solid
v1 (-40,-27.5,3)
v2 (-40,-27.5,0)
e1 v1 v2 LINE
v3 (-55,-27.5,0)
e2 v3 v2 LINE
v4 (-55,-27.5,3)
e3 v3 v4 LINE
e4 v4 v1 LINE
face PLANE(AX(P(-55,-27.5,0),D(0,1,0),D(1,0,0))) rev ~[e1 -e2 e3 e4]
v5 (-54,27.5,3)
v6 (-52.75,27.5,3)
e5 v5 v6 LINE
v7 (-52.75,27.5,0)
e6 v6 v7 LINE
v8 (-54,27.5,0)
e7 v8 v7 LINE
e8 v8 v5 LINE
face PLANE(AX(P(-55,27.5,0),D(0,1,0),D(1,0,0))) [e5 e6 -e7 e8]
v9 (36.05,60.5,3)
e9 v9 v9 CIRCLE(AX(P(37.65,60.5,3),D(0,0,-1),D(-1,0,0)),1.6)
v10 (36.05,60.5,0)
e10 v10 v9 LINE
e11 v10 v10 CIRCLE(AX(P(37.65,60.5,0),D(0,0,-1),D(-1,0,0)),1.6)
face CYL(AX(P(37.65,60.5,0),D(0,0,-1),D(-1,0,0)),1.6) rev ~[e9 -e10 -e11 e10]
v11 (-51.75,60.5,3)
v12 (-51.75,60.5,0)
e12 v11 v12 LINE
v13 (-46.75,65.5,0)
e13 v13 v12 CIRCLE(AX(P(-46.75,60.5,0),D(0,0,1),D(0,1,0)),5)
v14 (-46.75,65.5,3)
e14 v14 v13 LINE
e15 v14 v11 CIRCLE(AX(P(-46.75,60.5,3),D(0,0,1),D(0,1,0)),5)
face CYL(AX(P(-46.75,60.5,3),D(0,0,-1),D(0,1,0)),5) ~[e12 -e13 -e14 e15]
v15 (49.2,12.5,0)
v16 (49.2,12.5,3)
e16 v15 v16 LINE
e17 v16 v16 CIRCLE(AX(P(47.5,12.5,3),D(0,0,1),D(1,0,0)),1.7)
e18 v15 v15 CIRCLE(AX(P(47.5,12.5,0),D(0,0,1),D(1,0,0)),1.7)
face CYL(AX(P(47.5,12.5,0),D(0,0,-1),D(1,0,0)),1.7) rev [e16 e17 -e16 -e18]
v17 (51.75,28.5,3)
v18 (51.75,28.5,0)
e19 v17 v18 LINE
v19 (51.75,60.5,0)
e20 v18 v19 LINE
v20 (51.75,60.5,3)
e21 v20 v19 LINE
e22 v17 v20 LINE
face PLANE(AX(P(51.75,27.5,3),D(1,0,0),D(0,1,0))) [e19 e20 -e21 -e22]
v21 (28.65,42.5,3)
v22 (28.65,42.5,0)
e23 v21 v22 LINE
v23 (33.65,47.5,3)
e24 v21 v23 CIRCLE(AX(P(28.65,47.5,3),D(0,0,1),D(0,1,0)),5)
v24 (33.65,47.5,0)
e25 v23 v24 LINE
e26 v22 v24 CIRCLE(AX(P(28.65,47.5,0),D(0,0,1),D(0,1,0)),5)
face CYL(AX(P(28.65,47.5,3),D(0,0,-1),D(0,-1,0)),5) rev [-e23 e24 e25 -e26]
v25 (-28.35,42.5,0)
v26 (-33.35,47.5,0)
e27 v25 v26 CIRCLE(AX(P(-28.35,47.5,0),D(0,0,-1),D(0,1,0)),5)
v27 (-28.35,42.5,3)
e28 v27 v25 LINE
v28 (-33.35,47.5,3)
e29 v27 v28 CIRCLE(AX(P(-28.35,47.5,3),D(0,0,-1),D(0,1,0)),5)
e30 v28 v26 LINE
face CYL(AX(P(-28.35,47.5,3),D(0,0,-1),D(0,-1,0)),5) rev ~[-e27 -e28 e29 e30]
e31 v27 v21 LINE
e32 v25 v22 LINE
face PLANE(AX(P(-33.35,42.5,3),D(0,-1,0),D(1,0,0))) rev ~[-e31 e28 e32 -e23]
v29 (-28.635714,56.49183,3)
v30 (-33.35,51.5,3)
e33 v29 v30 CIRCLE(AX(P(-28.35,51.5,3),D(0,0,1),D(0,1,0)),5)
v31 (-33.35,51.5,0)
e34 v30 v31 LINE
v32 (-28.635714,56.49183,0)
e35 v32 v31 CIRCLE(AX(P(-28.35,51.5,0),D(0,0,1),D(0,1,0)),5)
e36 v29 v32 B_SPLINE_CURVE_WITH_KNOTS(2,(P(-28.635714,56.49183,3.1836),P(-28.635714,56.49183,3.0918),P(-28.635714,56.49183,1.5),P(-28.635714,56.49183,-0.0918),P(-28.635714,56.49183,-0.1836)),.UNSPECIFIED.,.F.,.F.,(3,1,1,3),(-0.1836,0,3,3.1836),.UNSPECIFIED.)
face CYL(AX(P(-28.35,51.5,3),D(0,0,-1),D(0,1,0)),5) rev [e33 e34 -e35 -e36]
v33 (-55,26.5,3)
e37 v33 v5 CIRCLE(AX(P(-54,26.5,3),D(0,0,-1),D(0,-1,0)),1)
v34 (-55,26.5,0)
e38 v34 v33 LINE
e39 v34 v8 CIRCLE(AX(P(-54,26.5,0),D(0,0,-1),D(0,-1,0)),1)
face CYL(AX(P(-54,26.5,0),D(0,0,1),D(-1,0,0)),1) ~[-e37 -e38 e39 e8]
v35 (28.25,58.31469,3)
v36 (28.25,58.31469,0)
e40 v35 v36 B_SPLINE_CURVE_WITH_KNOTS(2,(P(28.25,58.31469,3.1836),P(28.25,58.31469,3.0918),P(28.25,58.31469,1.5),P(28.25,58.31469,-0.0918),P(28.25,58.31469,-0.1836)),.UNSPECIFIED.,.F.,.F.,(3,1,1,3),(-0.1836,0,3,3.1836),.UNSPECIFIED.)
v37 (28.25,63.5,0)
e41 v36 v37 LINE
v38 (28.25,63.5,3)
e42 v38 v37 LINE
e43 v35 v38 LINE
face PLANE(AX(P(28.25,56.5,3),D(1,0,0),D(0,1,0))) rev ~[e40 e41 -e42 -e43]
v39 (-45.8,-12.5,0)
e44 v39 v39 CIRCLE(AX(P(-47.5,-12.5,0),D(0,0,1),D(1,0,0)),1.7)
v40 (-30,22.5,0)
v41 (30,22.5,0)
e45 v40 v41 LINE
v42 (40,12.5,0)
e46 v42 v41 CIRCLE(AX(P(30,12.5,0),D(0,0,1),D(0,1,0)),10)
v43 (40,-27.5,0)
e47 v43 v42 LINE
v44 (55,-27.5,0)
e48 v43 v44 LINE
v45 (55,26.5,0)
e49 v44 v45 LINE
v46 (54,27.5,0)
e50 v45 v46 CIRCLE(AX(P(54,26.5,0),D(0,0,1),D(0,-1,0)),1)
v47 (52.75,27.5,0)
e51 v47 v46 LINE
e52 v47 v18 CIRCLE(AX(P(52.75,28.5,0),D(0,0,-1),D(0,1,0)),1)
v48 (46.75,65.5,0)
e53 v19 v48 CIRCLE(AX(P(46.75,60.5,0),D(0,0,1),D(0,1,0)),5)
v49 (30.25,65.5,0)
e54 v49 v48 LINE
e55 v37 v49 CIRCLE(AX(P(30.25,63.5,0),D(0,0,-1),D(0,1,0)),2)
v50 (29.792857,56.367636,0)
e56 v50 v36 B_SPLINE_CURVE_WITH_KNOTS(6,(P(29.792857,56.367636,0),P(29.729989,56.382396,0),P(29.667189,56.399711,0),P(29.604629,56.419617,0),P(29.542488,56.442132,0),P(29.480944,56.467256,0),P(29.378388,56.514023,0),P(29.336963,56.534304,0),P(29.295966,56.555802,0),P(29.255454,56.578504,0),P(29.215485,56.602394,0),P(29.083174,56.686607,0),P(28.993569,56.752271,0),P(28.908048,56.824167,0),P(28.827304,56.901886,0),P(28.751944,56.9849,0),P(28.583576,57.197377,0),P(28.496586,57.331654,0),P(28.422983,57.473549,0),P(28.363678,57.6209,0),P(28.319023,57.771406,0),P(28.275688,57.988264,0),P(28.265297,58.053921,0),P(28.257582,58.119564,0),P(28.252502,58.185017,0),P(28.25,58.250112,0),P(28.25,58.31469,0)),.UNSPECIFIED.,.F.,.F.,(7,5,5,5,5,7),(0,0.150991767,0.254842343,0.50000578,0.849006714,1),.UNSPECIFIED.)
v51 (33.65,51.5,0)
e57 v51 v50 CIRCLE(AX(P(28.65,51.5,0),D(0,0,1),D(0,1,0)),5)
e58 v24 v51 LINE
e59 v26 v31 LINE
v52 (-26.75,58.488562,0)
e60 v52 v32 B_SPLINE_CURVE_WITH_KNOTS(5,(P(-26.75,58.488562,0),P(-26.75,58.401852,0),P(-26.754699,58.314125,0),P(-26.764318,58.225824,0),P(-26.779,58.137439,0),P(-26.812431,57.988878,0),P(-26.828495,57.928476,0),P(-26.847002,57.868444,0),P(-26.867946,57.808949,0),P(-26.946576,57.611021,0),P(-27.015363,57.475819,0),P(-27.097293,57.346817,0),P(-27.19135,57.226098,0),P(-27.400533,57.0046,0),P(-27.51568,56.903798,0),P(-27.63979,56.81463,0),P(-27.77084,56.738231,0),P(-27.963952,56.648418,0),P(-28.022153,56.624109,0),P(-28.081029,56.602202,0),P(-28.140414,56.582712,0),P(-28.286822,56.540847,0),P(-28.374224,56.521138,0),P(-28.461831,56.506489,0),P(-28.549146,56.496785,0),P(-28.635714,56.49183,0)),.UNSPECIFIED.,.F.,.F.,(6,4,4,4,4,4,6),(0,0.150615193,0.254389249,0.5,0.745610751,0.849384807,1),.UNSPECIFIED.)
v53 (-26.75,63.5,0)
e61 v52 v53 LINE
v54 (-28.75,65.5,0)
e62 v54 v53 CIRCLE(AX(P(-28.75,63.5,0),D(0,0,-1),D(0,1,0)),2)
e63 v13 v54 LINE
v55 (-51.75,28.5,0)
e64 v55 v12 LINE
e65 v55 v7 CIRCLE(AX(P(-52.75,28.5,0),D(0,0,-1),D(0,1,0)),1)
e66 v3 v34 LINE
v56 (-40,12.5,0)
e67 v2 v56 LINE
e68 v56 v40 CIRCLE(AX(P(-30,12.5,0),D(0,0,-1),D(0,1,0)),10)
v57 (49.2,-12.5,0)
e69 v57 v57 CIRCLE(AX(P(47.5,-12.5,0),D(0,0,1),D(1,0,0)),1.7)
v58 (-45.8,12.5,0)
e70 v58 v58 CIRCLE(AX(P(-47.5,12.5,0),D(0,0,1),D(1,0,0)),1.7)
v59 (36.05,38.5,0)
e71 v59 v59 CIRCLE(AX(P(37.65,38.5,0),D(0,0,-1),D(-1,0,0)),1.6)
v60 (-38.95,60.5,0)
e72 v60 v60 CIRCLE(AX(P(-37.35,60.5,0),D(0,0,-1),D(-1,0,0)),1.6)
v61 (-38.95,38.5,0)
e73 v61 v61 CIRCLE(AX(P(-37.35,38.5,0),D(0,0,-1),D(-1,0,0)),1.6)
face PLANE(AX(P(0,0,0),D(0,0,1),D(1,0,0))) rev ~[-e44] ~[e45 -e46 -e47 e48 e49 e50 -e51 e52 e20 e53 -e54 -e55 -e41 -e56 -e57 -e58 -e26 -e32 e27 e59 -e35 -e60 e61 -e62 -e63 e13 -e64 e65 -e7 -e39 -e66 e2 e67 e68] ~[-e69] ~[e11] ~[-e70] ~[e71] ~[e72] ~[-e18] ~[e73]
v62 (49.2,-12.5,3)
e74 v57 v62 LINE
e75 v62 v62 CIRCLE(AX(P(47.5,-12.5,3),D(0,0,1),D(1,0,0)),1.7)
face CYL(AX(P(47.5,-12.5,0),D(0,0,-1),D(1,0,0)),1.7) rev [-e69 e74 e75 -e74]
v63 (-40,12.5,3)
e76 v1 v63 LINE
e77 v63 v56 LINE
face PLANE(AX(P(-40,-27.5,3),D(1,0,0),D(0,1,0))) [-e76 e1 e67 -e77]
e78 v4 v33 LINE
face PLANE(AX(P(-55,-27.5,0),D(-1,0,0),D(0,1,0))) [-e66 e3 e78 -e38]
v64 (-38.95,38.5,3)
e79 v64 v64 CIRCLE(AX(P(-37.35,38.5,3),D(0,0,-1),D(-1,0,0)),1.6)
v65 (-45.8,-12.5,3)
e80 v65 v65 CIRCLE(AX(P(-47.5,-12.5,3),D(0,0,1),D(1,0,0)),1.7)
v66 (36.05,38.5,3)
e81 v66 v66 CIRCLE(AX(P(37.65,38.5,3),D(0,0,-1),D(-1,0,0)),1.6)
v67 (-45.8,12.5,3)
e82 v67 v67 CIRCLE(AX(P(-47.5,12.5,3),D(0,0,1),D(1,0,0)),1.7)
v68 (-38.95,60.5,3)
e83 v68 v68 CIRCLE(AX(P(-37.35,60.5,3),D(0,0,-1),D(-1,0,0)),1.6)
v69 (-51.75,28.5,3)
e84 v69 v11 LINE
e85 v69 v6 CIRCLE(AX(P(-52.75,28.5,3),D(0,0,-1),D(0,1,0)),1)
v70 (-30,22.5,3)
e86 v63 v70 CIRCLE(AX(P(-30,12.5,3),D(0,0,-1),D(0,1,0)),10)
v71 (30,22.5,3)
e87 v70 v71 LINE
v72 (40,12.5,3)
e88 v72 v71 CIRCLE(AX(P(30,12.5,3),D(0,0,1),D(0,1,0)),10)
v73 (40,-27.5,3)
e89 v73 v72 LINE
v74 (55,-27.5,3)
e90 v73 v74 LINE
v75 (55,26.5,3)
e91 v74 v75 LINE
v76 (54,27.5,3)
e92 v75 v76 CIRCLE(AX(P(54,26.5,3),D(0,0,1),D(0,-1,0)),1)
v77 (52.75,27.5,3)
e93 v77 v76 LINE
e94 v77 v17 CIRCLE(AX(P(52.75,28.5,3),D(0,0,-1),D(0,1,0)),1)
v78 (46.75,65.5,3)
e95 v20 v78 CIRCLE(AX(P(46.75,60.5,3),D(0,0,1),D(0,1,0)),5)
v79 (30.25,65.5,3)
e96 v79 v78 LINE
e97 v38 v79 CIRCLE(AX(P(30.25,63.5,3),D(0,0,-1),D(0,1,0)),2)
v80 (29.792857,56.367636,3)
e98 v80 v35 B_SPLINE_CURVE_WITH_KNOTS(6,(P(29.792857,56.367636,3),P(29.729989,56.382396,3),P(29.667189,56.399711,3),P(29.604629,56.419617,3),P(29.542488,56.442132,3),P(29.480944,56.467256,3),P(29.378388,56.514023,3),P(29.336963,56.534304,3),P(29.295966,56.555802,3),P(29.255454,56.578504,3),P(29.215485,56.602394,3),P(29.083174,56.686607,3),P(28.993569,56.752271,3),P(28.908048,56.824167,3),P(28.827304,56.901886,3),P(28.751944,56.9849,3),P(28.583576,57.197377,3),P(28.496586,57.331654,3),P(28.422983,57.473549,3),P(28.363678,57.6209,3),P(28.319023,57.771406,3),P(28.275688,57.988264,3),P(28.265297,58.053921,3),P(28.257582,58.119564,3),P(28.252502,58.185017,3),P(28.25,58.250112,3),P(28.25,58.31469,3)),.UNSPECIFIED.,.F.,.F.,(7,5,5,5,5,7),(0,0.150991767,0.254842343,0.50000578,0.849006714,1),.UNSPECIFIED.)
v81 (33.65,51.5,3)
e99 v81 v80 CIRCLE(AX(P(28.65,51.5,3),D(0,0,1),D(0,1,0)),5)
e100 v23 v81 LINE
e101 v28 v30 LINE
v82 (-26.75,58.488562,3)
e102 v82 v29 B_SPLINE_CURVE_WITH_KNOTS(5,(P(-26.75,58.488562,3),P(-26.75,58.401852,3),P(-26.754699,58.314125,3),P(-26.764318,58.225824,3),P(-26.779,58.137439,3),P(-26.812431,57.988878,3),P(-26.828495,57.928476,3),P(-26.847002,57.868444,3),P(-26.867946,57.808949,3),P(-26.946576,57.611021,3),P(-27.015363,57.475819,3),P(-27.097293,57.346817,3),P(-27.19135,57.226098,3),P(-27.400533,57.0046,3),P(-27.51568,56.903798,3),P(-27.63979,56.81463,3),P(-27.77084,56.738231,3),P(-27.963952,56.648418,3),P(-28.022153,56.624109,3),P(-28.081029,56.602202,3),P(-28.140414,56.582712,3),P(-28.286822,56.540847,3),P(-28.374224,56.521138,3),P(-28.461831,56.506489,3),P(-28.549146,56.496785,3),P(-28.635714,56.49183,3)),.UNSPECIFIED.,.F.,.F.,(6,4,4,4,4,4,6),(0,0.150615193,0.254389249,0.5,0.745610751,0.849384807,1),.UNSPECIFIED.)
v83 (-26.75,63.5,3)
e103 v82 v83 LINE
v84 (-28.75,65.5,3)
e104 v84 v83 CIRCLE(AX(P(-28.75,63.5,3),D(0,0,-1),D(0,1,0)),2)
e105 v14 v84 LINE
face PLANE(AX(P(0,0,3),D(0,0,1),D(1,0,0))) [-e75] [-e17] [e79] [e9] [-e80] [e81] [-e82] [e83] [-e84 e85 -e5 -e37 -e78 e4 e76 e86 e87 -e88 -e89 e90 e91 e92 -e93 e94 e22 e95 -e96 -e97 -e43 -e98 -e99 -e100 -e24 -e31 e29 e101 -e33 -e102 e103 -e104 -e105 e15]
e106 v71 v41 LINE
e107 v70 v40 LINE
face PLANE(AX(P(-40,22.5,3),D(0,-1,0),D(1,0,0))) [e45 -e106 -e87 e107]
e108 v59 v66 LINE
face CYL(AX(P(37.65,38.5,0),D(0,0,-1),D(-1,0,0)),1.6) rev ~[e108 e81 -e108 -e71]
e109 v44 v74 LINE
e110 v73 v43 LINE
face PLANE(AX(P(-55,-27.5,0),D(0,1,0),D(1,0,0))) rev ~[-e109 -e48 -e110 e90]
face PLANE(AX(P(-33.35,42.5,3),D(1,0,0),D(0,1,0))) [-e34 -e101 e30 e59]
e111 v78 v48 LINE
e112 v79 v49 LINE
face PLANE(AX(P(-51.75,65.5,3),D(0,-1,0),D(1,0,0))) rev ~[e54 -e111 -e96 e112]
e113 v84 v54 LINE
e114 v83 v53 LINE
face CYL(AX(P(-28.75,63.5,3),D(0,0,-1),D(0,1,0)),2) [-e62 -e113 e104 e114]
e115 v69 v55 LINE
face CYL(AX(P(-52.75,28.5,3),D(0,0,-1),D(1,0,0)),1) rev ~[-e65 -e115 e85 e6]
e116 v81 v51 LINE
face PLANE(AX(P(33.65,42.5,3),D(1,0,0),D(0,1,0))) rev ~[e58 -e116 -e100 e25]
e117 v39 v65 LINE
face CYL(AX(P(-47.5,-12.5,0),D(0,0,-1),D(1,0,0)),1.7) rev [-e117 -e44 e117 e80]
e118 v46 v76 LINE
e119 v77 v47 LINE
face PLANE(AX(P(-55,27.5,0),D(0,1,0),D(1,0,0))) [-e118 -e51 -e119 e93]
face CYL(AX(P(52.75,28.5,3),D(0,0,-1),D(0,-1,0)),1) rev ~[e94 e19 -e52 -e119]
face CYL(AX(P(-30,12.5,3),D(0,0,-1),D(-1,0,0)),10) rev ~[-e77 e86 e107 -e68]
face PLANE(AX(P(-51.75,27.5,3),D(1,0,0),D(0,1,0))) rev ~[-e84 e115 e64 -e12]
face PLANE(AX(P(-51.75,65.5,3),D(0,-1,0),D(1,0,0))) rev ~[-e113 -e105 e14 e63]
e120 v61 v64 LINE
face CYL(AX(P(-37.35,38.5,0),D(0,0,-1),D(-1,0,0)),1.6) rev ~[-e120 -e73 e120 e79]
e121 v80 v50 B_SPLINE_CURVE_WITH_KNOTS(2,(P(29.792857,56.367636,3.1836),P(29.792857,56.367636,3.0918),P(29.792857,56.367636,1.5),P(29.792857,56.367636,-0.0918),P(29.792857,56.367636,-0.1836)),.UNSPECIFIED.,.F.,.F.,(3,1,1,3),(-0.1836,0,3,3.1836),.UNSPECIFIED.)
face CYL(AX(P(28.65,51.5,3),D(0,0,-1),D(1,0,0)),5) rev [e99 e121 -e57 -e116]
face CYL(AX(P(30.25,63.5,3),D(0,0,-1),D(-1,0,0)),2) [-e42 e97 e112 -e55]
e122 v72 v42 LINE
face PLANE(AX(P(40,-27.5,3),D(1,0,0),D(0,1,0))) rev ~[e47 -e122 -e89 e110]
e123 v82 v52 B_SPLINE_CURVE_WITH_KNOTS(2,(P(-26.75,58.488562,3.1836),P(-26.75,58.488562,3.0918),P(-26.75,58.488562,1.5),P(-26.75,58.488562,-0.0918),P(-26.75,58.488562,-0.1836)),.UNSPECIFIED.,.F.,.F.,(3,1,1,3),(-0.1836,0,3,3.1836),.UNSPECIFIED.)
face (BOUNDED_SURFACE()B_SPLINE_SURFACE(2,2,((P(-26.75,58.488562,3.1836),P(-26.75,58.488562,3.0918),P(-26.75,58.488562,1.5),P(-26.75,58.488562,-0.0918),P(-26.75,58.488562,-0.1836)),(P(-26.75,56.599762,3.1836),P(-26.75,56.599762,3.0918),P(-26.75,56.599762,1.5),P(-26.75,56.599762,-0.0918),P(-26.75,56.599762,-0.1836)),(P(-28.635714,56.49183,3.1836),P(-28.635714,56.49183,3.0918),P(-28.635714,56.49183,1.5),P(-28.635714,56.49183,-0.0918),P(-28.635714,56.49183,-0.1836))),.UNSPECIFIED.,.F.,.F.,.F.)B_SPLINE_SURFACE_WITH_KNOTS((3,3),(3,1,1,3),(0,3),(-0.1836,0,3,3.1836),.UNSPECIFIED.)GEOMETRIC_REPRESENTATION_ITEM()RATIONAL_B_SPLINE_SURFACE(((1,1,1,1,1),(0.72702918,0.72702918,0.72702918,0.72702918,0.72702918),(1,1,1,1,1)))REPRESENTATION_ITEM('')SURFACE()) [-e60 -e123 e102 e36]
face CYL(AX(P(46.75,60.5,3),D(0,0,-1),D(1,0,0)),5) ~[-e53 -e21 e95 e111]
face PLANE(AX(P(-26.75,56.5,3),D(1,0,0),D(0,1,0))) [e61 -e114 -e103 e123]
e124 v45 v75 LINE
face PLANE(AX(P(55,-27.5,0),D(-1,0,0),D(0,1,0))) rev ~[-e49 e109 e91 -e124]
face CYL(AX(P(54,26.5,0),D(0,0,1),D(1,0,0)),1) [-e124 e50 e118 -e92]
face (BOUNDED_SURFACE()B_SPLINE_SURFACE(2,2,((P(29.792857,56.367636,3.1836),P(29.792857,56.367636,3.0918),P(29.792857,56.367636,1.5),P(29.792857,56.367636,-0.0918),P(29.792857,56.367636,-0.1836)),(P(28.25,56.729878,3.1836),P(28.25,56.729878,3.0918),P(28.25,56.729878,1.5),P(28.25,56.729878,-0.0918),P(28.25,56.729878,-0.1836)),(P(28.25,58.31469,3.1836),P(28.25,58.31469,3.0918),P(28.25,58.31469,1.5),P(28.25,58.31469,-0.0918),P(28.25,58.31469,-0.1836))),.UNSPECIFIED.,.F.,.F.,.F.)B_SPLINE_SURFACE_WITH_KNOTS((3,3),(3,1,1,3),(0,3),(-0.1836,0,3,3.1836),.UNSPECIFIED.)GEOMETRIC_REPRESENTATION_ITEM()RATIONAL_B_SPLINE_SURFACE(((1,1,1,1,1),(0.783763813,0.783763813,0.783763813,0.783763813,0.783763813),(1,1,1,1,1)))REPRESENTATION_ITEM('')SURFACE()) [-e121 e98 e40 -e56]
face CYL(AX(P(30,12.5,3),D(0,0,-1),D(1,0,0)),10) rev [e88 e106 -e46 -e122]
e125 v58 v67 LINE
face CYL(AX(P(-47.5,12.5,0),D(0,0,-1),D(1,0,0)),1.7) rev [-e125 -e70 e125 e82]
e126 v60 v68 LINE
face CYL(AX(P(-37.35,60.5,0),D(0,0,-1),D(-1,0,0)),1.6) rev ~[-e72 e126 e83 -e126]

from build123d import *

# Parameters (mm, degrees)
SKETCH_1_W          = 110
SKETCH_1_H          = 55
SKETCH_1_R          = 1.7
EXTRUDE_1_DEPTH     = 3
SKETCH_2_W          = 103.5
SKETCH_2_H          = 38
EXTRUDE_2_DEPTH     = 3
SKETCH_3_R          = 1.6
CUT_EXTRUDE_1_DEPTH = 4
SKETCH_4_W          = 80
SKETCH_4_H          = 50
SKETCH_4_W_2        = 66.999999997
SKETCH_4_H_2        = 13.999999819
CUT_EXTRUDE_2_DEPTH = 4
FILLET_2_R          = 10
FILLET_3_R          = 1
FILLET_5_R          = 5
SKETCH_10_R         = 1.65
CUT_EXTRUDE_5_DEPTH = 4
SKETCH_11_W         = 55
SKETCH_11_H         = 9
CUT_EXTRUDE_6_DEPTH = 4
FILLET_6_R          = 2


with BuildPart() as part:
    # 草图1 → 凸台-拉伸1 (new body)
    with BuildSketch(Plane.XY):
        Rectangle(SKETCH_1_W, SKETCH_1_H)
        with Locations((-47.5, 12.5)):
            Circle(SKETCH_1_R, mode=Mode.SUBTRACT)
        with Locations((-47.5, -12.5)):
            Circle(SKETCH_1_R, mode=Mode.SUBTRACT)
        with Locations((47.5, 12.5)):
            Circle(SKETCH_1_R, mode=Mode.SUBTRACT)
        with Locations((47.5, -12.5)):
            Circle(SKETCH_1_R, mode=Mode.SUBTRACT)
    extrude(amount=EXTRUDE_1_DEPTH)

    # 草图2 → 凸台-拉伸2 (add)
    with BuildSketch(Plane.XY.offset(3)):
        with Locations((0, 46.5)):
            Rectangle(SKETCH_2_W, SKETCH_2_H)
    extrude(amount=-EXTRUDE_2_DEPTH)

    # 草图3 → 切除-拉伸1 (cut, through all)
    with BuildSketch(Plane(origin=(0, 0, 0), x_dir=(-1, 0, 0), z_dir=(0, 0, -1))):
        with Locations((37.35, 60.5)):
            Circle(SKETCH_3_R)
        with Locations((-37.649999997, 60.5)):
            Circle(SKETCH_3_R)
        with Locations((-37.649999997, 38.500000181)):
            Circle(SKETCH_3_R)
        with Locations((37.35, 38.500000181)):
            Circle(SKETCH_3_R)
    extrude(amount=-CUT_EXTRUDE_1_DEPTH, mode=Mode.SUBTRACT)

    # 草图4 → 切除-拉伸2 (cut, through all)
    with BuildSketch(Plane.XY.offset(3)):
        with Locations((0, -2.5)):
            Rectangle(SKETCH_4_W, SKETCH_4_H)
        with Locations((0.149999999, 49.500000091)):
            Rectangle(SKETCH_4_W_2, SKETCH_4_H_2)
    extrude(amount=-CUT_EXTRUDE_2_DEPTH, mode=Mode.SUBTRACT)

    # 圆角2
    fillet_2_edges = [part.edges().sort_by_distance(p)[0] for p in [
        (-40, 22.5, 1.5),
        (40, 22.5, 1.5),
    ]]
    fillet(fillet_2_edges, radius=FILLET_2_R)

    # 圆角3
    fillet_3_edges = [part.edges().sort_by_distance(p)[0] for p in [
        (51.75, 27.5, 1.5),
        (-51.75, 27.5, 1.5),
        (-55, 27.5, 1.5),
        (55, 27.5, 1.5),
    ]]
    fillet(fillet_3_edges, radius=FILLET_3_R)

    # 圆角5
    fillet_5_edges = [part.edges().sort_by_distance(p)[0] for p in [
        (-51.75, 65.5, 1.5),
        (51.75, 65.5, 1.5),
        (-33.35, 56.5, 1.5),
        (33.649999997, 56.5, 1.5),
        (33.649999997, 42.500000181, 1.5),
        (-33.35, 42.500000181, 1.5),
    ]]
    fillet(fillet_5_edges, radius=FILLET_5_R)

    # 草图10 → 切除-拉伸5 (cut, through all)
    with BuildSketch(Plane.XY.offset(3)):
        with Locations((-22.85, 60.5)):
            Circle(SKETCH_10_R)
        with Locations((5.15, 60.5)):
            Circle(SKETCH_10_R)
    extrude(amount=-CUT_EXTRUDE_5_DEPTH, mode=Mode.SUBTRACT)

    # 草图11 → 切除-拉伸6 (cut, through all)
    with BuildSketch(Plane.XY.offset(3)):
        with Locations((0.75, 61)):
            Rectangle(SKETCH_11_W, SKETCH_11_H)
    extrude(amount=-CUT_EXTRUDE_6_DEPTH, mode=Mode.SUBTRACT)

    # 圆角6
    fillet_6_edges = [part.edges().sort_by_distance(p)[0] for p in [
        (28.25, 56.5, 1.5),
        (28.25, 65.5, 1.5),
        (-26.75, 56.5, 1.5),
        (-26.75, 65.5, 1.5),
    ]]
    fillet(fillet_6_edges, radius=FILLET_6_R)


solid = part.part
